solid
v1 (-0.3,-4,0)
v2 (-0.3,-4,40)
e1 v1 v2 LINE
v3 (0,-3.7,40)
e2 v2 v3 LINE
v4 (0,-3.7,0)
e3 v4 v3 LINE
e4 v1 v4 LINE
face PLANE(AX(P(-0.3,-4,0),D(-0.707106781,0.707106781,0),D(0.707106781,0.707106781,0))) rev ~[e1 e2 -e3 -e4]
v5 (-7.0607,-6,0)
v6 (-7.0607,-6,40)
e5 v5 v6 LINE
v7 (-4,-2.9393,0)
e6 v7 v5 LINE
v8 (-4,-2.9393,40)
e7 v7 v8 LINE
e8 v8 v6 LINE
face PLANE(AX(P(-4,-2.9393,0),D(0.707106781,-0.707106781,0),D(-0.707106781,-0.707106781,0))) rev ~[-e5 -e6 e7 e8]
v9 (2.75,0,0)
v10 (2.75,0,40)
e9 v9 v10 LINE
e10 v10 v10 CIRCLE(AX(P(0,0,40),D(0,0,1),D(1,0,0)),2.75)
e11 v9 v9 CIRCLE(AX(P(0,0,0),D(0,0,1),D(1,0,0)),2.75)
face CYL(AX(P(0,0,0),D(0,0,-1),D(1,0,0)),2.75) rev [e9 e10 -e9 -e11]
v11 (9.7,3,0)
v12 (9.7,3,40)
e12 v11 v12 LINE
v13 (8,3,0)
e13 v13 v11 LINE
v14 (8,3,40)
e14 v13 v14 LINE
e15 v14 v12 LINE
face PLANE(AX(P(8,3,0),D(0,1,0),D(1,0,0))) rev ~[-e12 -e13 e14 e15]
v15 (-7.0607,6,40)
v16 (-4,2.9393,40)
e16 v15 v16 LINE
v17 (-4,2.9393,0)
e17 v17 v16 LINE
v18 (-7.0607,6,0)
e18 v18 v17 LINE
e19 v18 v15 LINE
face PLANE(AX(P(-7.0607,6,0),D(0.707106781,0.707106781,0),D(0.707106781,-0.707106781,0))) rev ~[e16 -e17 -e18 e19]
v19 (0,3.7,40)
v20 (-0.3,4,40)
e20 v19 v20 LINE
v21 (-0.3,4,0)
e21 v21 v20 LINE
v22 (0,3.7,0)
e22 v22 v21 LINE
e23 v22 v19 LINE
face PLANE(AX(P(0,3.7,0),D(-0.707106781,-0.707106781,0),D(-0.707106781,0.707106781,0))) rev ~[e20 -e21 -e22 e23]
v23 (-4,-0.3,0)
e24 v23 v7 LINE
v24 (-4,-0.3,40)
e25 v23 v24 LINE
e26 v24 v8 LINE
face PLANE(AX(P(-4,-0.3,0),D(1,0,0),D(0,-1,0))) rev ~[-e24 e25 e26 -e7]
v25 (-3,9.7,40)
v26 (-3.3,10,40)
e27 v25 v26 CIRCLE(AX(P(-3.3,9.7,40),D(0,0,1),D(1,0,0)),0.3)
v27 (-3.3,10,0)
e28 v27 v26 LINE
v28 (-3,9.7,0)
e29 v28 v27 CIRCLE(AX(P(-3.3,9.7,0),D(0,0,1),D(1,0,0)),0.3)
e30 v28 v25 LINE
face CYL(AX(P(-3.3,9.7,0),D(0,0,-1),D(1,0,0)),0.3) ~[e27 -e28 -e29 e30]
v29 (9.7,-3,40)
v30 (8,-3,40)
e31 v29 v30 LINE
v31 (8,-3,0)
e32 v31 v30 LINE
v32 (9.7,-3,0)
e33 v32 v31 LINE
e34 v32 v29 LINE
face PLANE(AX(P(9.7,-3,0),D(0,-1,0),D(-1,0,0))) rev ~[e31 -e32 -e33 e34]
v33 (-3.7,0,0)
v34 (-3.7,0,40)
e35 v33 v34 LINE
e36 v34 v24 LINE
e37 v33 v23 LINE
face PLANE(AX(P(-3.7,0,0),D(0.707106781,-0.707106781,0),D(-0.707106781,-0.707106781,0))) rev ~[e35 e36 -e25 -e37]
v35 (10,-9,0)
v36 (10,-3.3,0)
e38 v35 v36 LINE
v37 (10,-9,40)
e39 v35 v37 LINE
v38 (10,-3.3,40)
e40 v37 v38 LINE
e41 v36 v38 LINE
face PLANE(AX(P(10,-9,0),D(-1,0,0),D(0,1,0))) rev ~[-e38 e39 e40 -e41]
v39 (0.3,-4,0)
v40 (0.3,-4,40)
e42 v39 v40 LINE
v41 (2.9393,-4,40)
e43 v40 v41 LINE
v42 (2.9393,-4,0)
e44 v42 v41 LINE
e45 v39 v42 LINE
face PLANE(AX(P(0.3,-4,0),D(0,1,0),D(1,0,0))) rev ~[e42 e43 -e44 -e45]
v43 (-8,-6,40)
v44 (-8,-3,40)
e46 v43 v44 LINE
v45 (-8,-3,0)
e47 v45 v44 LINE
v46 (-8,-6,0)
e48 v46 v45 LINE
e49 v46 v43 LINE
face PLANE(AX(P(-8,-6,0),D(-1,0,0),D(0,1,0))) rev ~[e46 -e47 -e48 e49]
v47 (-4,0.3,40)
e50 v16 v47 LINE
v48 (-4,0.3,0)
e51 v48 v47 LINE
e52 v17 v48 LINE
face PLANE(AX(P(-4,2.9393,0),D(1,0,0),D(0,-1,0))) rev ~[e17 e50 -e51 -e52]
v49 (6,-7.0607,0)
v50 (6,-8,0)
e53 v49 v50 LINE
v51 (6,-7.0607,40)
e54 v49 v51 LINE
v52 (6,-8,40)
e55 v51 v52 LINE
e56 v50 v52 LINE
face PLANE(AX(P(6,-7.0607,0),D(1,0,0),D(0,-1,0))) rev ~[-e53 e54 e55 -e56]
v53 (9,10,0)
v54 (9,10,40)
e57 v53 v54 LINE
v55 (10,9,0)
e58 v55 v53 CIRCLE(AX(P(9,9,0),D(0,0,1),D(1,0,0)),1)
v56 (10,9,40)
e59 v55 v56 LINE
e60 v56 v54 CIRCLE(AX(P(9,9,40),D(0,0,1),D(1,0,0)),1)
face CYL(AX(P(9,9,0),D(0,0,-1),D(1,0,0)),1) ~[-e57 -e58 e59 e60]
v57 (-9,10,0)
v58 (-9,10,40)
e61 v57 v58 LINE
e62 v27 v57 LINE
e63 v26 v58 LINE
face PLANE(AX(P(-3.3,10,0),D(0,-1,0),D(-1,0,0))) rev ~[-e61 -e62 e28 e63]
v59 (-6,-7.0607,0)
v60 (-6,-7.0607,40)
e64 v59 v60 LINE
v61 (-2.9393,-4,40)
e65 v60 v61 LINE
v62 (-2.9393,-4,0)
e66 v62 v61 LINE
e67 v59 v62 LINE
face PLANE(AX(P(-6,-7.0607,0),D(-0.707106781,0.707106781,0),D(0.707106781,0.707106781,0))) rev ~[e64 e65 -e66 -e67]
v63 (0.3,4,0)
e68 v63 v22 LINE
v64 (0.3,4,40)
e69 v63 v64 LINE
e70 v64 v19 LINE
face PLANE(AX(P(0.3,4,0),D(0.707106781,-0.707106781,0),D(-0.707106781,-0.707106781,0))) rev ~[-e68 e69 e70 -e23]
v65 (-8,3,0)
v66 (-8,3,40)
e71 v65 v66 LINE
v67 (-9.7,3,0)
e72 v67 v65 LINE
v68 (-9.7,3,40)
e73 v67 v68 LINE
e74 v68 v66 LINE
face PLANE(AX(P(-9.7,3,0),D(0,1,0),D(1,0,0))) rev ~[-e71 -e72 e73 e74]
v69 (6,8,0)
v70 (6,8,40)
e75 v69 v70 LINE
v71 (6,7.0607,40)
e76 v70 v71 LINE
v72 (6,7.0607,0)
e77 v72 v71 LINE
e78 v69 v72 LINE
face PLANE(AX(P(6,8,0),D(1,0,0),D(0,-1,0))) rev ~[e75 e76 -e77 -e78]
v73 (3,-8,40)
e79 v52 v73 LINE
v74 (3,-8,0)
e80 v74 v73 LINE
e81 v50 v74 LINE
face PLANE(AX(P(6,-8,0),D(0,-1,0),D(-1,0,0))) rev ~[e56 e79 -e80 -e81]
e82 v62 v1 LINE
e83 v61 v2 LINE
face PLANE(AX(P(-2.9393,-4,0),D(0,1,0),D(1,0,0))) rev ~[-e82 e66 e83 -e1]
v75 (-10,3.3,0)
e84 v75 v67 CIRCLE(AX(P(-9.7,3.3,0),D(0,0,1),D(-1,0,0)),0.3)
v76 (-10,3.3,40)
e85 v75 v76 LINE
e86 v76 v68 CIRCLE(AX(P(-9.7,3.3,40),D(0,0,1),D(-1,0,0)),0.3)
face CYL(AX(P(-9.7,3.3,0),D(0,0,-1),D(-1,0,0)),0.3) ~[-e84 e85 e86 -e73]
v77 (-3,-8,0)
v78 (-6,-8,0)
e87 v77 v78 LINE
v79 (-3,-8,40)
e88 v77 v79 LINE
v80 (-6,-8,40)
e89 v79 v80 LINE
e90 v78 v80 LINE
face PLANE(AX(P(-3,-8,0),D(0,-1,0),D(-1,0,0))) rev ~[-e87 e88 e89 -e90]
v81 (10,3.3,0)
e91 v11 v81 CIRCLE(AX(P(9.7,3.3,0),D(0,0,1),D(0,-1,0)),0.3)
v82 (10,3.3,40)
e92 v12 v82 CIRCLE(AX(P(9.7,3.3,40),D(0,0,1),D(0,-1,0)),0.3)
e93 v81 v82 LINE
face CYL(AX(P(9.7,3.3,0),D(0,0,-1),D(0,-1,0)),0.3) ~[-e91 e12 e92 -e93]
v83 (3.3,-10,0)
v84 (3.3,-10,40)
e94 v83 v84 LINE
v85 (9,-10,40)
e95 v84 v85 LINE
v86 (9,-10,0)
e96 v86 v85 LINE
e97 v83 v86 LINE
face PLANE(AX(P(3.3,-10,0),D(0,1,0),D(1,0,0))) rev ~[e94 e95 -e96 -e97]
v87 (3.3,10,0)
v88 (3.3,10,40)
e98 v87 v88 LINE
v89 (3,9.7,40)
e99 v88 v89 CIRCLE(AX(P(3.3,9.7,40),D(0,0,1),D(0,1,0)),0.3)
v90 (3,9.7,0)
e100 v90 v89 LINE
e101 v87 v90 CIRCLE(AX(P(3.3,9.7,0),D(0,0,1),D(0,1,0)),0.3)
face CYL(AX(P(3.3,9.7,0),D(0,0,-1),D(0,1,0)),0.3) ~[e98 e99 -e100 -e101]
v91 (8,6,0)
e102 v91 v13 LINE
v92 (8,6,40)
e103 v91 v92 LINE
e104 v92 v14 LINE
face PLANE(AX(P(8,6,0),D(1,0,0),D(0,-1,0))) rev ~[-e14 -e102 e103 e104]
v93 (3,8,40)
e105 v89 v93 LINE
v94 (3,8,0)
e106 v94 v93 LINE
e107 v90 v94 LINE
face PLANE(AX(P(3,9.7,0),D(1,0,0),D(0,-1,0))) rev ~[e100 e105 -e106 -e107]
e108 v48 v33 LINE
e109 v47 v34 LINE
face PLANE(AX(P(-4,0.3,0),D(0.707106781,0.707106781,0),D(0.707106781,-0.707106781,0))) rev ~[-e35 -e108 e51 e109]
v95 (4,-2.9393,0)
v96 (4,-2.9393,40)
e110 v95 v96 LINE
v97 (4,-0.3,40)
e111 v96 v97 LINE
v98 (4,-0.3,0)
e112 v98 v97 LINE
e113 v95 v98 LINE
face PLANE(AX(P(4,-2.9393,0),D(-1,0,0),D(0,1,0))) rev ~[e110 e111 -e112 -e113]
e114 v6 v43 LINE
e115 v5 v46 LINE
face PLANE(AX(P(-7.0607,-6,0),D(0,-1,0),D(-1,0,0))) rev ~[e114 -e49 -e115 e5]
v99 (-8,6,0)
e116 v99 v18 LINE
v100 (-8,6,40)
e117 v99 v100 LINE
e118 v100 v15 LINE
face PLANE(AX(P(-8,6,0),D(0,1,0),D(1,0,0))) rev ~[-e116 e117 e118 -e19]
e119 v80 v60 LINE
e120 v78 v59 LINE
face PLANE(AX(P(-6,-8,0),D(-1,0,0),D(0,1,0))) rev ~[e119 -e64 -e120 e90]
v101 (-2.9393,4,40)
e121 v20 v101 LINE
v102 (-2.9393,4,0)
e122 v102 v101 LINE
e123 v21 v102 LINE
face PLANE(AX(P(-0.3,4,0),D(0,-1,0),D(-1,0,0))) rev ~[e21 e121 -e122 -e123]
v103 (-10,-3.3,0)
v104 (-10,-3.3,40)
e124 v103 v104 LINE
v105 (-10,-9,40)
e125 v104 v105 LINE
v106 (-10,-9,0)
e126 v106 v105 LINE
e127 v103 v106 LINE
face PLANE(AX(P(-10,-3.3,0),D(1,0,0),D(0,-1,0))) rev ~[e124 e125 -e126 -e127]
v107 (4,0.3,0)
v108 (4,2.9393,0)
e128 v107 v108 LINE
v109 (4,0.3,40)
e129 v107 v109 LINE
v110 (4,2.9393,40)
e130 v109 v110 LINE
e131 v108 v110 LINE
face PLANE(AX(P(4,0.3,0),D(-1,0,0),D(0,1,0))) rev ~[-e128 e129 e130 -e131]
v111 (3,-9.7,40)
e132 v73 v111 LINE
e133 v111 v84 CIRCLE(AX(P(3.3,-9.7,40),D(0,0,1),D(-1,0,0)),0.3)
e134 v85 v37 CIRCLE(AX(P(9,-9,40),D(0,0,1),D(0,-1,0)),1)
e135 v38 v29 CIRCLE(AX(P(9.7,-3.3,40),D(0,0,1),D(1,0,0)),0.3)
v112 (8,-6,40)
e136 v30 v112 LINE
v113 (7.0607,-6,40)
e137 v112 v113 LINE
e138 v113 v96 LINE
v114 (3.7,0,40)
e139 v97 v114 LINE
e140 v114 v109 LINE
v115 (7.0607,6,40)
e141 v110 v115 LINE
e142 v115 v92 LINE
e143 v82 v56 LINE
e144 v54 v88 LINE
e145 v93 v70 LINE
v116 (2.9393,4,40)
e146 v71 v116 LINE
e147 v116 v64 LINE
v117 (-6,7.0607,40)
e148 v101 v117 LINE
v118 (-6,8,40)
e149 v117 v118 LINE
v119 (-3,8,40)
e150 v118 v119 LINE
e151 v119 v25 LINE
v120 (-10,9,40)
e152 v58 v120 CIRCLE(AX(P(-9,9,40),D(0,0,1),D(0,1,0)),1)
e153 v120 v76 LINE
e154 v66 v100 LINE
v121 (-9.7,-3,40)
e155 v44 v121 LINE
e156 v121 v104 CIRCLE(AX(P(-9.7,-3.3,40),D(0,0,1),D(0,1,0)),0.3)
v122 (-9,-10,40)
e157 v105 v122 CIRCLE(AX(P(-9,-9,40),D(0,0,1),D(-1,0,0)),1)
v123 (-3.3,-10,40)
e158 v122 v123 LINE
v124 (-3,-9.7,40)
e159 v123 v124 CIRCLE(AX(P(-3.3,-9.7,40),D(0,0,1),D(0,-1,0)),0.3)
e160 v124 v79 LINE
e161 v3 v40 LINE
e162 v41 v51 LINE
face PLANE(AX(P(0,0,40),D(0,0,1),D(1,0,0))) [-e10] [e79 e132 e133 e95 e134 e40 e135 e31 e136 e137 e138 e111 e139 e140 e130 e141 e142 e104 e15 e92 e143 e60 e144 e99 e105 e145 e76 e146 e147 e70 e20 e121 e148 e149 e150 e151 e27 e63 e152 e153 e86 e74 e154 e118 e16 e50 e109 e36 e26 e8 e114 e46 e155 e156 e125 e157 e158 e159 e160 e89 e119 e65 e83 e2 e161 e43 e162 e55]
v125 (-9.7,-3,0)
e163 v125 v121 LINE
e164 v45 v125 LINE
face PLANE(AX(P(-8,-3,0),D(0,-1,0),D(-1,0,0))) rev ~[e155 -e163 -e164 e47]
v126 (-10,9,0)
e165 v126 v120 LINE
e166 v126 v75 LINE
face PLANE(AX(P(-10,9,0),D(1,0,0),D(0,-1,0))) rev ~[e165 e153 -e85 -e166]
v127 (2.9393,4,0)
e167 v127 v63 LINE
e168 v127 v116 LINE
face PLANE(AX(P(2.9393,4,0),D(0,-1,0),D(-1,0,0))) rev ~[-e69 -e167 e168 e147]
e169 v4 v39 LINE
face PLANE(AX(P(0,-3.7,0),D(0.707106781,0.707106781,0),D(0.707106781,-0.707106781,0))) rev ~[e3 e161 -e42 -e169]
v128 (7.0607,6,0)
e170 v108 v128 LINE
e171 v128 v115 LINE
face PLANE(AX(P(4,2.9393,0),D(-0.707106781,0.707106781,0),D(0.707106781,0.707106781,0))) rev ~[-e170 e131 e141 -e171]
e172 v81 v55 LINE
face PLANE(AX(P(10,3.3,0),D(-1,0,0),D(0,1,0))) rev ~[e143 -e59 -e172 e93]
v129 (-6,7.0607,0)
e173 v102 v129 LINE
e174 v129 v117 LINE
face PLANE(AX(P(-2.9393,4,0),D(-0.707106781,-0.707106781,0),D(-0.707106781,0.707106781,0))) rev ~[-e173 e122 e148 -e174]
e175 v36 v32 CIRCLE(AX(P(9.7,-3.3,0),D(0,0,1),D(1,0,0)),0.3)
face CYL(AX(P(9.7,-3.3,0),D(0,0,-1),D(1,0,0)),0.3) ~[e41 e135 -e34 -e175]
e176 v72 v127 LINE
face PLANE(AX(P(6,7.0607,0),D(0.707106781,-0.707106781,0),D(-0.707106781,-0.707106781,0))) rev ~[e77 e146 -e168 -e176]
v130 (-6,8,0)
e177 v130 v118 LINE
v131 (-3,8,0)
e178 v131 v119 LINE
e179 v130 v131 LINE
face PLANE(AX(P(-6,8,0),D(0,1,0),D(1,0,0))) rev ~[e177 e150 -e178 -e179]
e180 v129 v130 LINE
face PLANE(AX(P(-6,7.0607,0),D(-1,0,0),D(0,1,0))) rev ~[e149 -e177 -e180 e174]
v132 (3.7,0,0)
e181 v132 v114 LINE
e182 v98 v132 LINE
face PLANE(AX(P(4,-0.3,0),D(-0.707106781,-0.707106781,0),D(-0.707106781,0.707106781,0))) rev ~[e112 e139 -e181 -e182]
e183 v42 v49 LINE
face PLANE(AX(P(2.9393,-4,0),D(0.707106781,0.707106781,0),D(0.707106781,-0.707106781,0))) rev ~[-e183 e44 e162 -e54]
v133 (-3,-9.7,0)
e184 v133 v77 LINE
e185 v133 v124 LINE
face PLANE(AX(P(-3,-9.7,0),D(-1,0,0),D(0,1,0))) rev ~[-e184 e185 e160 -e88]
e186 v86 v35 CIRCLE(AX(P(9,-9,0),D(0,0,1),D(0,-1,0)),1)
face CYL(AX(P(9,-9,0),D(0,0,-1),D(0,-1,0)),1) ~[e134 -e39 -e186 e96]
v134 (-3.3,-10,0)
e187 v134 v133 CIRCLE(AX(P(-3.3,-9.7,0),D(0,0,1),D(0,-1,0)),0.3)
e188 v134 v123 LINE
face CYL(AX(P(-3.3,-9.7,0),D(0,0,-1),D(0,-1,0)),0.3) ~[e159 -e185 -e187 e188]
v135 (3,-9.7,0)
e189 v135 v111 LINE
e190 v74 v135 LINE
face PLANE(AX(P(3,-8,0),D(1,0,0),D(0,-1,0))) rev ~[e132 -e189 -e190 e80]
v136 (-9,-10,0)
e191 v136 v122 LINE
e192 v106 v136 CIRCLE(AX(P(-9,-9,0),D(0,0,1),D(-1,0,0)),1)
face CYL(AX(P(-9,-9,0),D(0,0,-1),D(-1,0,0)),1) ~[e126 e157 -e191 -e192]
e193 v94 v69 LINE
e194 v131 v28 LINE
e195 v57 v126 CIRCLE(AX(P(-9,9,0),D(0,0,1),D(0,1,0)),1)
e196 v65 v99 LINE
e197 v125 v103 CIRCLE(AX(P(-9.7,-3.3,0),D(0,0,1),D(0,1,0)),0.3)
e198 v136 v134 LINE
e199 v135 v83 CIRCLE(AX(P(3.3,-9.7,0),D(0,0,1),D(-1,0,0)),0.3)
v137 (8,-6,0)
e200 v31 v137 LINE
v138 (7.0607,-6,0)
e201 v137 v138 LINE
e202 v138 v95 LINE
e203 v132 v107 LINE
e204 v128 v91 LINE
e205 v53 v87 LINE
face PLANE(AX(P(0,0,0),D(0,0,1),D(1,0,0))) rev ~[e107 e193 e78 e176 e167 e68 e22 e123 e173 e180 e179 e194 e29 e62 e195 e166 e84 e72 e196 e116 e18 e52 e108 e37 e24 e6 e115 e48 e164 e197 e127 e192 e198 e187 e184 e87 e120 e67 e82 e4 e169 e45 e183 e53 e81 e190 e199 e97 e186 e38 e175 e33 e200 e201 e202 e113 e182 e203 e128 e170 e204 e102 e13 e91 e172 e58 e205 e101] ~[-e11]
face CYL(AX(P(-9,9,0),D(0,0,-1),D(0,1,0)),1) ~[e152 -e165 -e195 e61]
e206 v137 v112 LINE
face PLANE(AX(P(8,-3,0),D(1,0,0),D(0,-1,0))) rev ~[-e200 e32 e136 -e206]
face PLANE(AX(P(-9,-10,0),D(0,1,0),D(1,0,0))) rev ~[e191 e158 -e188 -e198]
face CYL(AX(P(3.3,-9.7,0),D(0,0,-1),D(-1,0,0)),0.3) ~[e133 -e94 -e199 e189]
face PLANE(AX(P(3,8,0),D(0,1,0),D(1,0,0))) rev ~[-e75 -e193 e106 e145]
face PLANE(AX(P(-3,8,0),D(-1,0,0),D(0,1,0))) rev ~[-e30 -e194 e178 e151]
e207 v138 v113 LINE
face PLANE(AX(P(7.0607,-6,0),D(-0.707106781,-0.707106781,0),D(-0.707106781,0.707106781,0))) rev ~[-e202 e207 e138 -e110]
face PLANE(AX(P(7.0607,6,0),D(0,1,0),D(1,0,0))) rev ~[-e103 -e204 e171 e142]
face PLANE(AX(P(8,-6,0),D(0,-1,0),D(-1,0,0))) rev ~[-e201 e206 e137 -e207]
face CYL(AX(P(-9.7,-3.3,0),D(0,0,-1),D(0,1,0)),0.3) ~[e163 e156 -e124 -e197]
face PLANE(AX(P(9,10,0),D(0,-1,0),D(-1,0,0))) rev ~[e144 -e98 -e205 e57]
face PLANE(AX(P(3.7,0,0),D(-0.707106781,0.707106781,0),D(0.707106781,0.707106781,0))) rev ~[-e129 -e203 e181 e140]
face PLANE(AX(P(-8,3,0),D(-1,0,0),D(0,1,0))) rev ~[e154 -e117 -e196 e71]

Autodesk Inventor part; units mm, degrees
ref_plane "Startebene" through (0, 0, 0) normal (0, 0, 1) x (1, 0, 0)
ref_plane "Endebene" through (0, 0, 320) normal (0, 0, 1) x (1, 0, 0)
ref_plane "Startebene1" through (0, 0, 0) normal (0, 0, 1) x (1, 0, 0)
ref_plane "Endebene1" through (0, 0, 40) normal (0, 0, 1) x (1, 0, 0)
ref_plane "Startebene2" through (0, 0, 0) normal (0, 0, 1) x (1, 0, 0)
ref_plane "Endebene2" through (0, 0, 40) normal (0, 0, 1) x (1, 0, 0)
ref_plane "Startebene3" through (0, 0, 0) normal (0, 0, 1) x (1, 0, 0)
ref_plane "Endebene3" through (0, 0, 40) normal (0, 0, 1) x (1, 0, 0)
sketch "Skizze" plane through (0, 0, 0) normal (0, 0, 1) x (1, 0, 0)
  line L0 (-10, 9) -> (-10, 3.3)
  arc A0 (-10, 3.3) -> (-9.7, 3) centre (-9.7, 3.3) ccw
  line L1 (-9.7, 3) -> (-8, 3)
  line L2 (-8, 3) -> (-8, 6)
  line L3 (-8, 6) -> (-7.0607, 6)
  line L4 (-7.0607, 6) -> (-4, 2.9393)
  line L5 (-4, 2.9393) -> (-4, 0.3)
  line L6 (-4, 0.3) -> (-3.7, 0)
  line L7 (-3.7, 0) -> (-4, -0.3)
  line L8 (-4, -0.3) -> (-4, -2.9393)
  line L9 (-4, -2.9393) -> (-7.0607, -6)
  line L10 (-7.0607, -6) -> (-8, -6)
  line L11 (-8, -6) -> (-8, -3)
  line L12 (-8, -3) -> (-9.7, -3)
  arc A1 (-9.7, -3) -> (-10, -3.3) centre (-9.7, -3.3) ccw
  line L13 (-10, -3.3) -> (-10, -9)
  arc A2 (-10, -9) -> (-9, -10) centre (-9, -9) ccw
  line L14 (-9, -10) -> (-3.3, -10)
  arc A3 (-3.3, -10) -> (-3, -9.7) centre (-3.3, -9.7) ccw
  line L15 (-3, -9.7) -> (-3, -8)
  line L16 (-3, -8) -> (-6, -8)
  line L17 (-6, -8) -> (-6, -7.0607)
  line L18 (-6, -7.0607) -> (-2.9393, -4)
  line L19 (-2.9393, -4) -> (-0.3, -4)
  line L20 (-0.3, -4) -> (0, -3.7)
  line L21 (0, -3.7) -> (0.3, -4)
  line L22 (0.3, -4) -> (2.9393, -4)
  line L23 (2.9393, -4) -> (6, -7.0607)
  line L24 (6, -7.0607) -> (6, -8)
  line L25 (6, -8) -> (3, -8)
  line L26 (3, -8) -> (3, -9.7)
  arc A4 (3, -9.7) -> (3.3, -10) centre (3.3, -9.7) ccw
  line L27 (3.3, -10) -> (9, -10)
  arc A5 (9, -10) -> (10, -9) centre (9, -9) ccw
  line L28 (10, -9) -> (10, -3.3)
  arc A6 (10, -3.3) -> (9.7, -3) centre (9.7, -3.3) ccw
  line L29 (9.7, -3) -> (8, -3)
  line L30 (8, -3) -> (8, -6)
  line L31 (8, -6) -> (7.0607, -6)
  line L32 (7.0607, -6) -> (4, -2.9393)
  line L33 (4, -2.9393) -> (4, -0.3)
  line L34 (4, -0.3) -> (3.7, 0)
  line L35 (3.7, 0) -> (4, 0.3)
  line L36 (4, 0.3) -> (4, 2.9393)
  line L37 (4, 2.9393) -> (7.0607, 6)
  line L38 (7.0607, 6) -> (8, 6)
  line L39 (8, 6) -> (8, 3)
  line L40 (8, 3) -> (9.7, 3)
  arc A7 (9.7, 3) -> (10, 3.3) centre (9.7, 3.3) ccw
  line L41 (10, 3.3) -> (10, 9)
  arc A8 (10, 9) -> (9, 10) centre (9, 9) ccw
  line L42 (9, 10) -> (3.3, 10)
  arc A9 (3.3, 10) -> (3, 9.7) centre (3.3, 9.7) ccw
  line L43 (3, 9.7) -> (3, 8)
  line L44 (3, 8) -> (6, 8)
  line L45 (6, 8) -> (6, 7.0607)
  line L46 (6, 7.0607) -> (2.9393, 4)
  line L47 (2.9393, 4) -> (0.3, 4)
  line L48 (0.3, 4) -> (0, 3.7)
  line L49 (0, 3.7) -> (-0.3, 4)
  line L50 (-0.3, 4) -> (-2.9393, 4)
  line L51 (-2.9393, 4) -> (-6, 7.0607)
  line L52 (-6, 7.0607) -> (-6, 8)
  line L53 (-6, 8) -> (-3, 8)
  line L54 (-3, 8) -> (-3, 9.7)
  arc A10 (-3, 9.7) -> (-3.3, 10) centre (-3.3, 9.7) ccw
  line L55 (-3.3, 10) -> (-9, 10)
  arc A11 (-9, 10) -> (-10, 9) centre (-9, 9) ccw
  circle A12 centre (0, 0) radius 2.75
  dimension "d2" = 5.5
  dimension "d3" = 10
  dimension "d4" = 10
  dimension "d5" = 5.7
  dimension "d6" = 5.7
  dimension "d7" = 1.7
  dimension "d8" = 3
  dimension "d9" = 0.3
  dimension "d10" = 90
  dimension "d11" = 45
  dimension "d12" = 45
  dimension "d13" = 45
  dimension "d14" = 90
  dimension "d15" = 90
  dimension "d16" = 45
  dimension "d17" = 45
  dimension "d18" = 45
  dimension "d19" = 45
  dimension "d20" = 90
  dimension "d21" = 90
  dimension "d22" = 45
  dimension "d23" = 45
  dimension "d24" = 90
  dimension "d25" = 90
  dimension "d26" = 90
  dimension "d27" = 90
  dimension "d28" = 90
  dimension "d29" = 90
  dimension "d30" = 90
  dimension "d31" = 90
  dimension "d32" = 90
  dimension "d33" = 90
  dimension "d34" = 90
  dimension "d35" = 90
  dimension "d36" = 90
  dimension "d37" = 90
  dimension "d38" = 90
  dimension "d39" = 4
  dimension "d40" = 6
  dimension "d41" = 13
  dimension "d42" = 14
  dimension "d43" = 16
  dimension "d44" = 18
  dimension "d45" = 3
  dimension "d46" = 9
  dimension "d47" = 7
  dimension "d48" = 1
  dimension "d49" = 7
  dimension "d50" = 1.5
  dimension "d51" = 1.8663
  dimension "d52" = 3.3663
  dimension "d53" = 1.5
  dimension "d54" = 1.8663
  dimension "d55" = 3.3663
  dimension "d56" = 4
  dimension "d57" = 10.8187
  dimension "d58" = 1.9092
  dimension "d59" = 5
  dimension "d60" = 13
  dimension "d61" = 13
  dimension "d62" = 16.0513
  dimension "d63" = 3.3234
  dimension "d64" = 14
  dimension "d65" = 12.685
extrude "Körper" add sketch "Skizze" along normal up to surface (40 mm away) from surface at 0
sketch "Skizze21" plane through (0, 0, 0) normal (0, 0, 1) x (1, 0, 0)
  line L0 (0, 0) -> (10, 0)
ref_plane "Arbeitsebene18" through (0, 0, 0) normal (0, -1, 0) x (1, 0, 0)
sketch "Skizze22" plane through (0, 0, 0) normal (0, -1, 0) x (1, 0, 0)
  line L0 (-14, 0) -> (14, 0)
  line L1 (-14, 40) -> (14, 40)
  dimension "d80" = 40
equation "\"G_OFFSET_START\" = 0"
equation "\"G_OFFSET_END\" = 0"
equation "\"G_L\" = d80"
equation "\"G_OFFSET_START1\" = 0"
equation "\"G_OFFSET_END1\" = 0"
equation "\"G_OFFSET_START2\" = 0"
equation "\"G_OFFSET_END2\" = 0"
equation "\"G_OFFSET_START3\" = 0"
equation "\"G_OFFSET_END3\" = 0"
properties part number "1654445758539"
